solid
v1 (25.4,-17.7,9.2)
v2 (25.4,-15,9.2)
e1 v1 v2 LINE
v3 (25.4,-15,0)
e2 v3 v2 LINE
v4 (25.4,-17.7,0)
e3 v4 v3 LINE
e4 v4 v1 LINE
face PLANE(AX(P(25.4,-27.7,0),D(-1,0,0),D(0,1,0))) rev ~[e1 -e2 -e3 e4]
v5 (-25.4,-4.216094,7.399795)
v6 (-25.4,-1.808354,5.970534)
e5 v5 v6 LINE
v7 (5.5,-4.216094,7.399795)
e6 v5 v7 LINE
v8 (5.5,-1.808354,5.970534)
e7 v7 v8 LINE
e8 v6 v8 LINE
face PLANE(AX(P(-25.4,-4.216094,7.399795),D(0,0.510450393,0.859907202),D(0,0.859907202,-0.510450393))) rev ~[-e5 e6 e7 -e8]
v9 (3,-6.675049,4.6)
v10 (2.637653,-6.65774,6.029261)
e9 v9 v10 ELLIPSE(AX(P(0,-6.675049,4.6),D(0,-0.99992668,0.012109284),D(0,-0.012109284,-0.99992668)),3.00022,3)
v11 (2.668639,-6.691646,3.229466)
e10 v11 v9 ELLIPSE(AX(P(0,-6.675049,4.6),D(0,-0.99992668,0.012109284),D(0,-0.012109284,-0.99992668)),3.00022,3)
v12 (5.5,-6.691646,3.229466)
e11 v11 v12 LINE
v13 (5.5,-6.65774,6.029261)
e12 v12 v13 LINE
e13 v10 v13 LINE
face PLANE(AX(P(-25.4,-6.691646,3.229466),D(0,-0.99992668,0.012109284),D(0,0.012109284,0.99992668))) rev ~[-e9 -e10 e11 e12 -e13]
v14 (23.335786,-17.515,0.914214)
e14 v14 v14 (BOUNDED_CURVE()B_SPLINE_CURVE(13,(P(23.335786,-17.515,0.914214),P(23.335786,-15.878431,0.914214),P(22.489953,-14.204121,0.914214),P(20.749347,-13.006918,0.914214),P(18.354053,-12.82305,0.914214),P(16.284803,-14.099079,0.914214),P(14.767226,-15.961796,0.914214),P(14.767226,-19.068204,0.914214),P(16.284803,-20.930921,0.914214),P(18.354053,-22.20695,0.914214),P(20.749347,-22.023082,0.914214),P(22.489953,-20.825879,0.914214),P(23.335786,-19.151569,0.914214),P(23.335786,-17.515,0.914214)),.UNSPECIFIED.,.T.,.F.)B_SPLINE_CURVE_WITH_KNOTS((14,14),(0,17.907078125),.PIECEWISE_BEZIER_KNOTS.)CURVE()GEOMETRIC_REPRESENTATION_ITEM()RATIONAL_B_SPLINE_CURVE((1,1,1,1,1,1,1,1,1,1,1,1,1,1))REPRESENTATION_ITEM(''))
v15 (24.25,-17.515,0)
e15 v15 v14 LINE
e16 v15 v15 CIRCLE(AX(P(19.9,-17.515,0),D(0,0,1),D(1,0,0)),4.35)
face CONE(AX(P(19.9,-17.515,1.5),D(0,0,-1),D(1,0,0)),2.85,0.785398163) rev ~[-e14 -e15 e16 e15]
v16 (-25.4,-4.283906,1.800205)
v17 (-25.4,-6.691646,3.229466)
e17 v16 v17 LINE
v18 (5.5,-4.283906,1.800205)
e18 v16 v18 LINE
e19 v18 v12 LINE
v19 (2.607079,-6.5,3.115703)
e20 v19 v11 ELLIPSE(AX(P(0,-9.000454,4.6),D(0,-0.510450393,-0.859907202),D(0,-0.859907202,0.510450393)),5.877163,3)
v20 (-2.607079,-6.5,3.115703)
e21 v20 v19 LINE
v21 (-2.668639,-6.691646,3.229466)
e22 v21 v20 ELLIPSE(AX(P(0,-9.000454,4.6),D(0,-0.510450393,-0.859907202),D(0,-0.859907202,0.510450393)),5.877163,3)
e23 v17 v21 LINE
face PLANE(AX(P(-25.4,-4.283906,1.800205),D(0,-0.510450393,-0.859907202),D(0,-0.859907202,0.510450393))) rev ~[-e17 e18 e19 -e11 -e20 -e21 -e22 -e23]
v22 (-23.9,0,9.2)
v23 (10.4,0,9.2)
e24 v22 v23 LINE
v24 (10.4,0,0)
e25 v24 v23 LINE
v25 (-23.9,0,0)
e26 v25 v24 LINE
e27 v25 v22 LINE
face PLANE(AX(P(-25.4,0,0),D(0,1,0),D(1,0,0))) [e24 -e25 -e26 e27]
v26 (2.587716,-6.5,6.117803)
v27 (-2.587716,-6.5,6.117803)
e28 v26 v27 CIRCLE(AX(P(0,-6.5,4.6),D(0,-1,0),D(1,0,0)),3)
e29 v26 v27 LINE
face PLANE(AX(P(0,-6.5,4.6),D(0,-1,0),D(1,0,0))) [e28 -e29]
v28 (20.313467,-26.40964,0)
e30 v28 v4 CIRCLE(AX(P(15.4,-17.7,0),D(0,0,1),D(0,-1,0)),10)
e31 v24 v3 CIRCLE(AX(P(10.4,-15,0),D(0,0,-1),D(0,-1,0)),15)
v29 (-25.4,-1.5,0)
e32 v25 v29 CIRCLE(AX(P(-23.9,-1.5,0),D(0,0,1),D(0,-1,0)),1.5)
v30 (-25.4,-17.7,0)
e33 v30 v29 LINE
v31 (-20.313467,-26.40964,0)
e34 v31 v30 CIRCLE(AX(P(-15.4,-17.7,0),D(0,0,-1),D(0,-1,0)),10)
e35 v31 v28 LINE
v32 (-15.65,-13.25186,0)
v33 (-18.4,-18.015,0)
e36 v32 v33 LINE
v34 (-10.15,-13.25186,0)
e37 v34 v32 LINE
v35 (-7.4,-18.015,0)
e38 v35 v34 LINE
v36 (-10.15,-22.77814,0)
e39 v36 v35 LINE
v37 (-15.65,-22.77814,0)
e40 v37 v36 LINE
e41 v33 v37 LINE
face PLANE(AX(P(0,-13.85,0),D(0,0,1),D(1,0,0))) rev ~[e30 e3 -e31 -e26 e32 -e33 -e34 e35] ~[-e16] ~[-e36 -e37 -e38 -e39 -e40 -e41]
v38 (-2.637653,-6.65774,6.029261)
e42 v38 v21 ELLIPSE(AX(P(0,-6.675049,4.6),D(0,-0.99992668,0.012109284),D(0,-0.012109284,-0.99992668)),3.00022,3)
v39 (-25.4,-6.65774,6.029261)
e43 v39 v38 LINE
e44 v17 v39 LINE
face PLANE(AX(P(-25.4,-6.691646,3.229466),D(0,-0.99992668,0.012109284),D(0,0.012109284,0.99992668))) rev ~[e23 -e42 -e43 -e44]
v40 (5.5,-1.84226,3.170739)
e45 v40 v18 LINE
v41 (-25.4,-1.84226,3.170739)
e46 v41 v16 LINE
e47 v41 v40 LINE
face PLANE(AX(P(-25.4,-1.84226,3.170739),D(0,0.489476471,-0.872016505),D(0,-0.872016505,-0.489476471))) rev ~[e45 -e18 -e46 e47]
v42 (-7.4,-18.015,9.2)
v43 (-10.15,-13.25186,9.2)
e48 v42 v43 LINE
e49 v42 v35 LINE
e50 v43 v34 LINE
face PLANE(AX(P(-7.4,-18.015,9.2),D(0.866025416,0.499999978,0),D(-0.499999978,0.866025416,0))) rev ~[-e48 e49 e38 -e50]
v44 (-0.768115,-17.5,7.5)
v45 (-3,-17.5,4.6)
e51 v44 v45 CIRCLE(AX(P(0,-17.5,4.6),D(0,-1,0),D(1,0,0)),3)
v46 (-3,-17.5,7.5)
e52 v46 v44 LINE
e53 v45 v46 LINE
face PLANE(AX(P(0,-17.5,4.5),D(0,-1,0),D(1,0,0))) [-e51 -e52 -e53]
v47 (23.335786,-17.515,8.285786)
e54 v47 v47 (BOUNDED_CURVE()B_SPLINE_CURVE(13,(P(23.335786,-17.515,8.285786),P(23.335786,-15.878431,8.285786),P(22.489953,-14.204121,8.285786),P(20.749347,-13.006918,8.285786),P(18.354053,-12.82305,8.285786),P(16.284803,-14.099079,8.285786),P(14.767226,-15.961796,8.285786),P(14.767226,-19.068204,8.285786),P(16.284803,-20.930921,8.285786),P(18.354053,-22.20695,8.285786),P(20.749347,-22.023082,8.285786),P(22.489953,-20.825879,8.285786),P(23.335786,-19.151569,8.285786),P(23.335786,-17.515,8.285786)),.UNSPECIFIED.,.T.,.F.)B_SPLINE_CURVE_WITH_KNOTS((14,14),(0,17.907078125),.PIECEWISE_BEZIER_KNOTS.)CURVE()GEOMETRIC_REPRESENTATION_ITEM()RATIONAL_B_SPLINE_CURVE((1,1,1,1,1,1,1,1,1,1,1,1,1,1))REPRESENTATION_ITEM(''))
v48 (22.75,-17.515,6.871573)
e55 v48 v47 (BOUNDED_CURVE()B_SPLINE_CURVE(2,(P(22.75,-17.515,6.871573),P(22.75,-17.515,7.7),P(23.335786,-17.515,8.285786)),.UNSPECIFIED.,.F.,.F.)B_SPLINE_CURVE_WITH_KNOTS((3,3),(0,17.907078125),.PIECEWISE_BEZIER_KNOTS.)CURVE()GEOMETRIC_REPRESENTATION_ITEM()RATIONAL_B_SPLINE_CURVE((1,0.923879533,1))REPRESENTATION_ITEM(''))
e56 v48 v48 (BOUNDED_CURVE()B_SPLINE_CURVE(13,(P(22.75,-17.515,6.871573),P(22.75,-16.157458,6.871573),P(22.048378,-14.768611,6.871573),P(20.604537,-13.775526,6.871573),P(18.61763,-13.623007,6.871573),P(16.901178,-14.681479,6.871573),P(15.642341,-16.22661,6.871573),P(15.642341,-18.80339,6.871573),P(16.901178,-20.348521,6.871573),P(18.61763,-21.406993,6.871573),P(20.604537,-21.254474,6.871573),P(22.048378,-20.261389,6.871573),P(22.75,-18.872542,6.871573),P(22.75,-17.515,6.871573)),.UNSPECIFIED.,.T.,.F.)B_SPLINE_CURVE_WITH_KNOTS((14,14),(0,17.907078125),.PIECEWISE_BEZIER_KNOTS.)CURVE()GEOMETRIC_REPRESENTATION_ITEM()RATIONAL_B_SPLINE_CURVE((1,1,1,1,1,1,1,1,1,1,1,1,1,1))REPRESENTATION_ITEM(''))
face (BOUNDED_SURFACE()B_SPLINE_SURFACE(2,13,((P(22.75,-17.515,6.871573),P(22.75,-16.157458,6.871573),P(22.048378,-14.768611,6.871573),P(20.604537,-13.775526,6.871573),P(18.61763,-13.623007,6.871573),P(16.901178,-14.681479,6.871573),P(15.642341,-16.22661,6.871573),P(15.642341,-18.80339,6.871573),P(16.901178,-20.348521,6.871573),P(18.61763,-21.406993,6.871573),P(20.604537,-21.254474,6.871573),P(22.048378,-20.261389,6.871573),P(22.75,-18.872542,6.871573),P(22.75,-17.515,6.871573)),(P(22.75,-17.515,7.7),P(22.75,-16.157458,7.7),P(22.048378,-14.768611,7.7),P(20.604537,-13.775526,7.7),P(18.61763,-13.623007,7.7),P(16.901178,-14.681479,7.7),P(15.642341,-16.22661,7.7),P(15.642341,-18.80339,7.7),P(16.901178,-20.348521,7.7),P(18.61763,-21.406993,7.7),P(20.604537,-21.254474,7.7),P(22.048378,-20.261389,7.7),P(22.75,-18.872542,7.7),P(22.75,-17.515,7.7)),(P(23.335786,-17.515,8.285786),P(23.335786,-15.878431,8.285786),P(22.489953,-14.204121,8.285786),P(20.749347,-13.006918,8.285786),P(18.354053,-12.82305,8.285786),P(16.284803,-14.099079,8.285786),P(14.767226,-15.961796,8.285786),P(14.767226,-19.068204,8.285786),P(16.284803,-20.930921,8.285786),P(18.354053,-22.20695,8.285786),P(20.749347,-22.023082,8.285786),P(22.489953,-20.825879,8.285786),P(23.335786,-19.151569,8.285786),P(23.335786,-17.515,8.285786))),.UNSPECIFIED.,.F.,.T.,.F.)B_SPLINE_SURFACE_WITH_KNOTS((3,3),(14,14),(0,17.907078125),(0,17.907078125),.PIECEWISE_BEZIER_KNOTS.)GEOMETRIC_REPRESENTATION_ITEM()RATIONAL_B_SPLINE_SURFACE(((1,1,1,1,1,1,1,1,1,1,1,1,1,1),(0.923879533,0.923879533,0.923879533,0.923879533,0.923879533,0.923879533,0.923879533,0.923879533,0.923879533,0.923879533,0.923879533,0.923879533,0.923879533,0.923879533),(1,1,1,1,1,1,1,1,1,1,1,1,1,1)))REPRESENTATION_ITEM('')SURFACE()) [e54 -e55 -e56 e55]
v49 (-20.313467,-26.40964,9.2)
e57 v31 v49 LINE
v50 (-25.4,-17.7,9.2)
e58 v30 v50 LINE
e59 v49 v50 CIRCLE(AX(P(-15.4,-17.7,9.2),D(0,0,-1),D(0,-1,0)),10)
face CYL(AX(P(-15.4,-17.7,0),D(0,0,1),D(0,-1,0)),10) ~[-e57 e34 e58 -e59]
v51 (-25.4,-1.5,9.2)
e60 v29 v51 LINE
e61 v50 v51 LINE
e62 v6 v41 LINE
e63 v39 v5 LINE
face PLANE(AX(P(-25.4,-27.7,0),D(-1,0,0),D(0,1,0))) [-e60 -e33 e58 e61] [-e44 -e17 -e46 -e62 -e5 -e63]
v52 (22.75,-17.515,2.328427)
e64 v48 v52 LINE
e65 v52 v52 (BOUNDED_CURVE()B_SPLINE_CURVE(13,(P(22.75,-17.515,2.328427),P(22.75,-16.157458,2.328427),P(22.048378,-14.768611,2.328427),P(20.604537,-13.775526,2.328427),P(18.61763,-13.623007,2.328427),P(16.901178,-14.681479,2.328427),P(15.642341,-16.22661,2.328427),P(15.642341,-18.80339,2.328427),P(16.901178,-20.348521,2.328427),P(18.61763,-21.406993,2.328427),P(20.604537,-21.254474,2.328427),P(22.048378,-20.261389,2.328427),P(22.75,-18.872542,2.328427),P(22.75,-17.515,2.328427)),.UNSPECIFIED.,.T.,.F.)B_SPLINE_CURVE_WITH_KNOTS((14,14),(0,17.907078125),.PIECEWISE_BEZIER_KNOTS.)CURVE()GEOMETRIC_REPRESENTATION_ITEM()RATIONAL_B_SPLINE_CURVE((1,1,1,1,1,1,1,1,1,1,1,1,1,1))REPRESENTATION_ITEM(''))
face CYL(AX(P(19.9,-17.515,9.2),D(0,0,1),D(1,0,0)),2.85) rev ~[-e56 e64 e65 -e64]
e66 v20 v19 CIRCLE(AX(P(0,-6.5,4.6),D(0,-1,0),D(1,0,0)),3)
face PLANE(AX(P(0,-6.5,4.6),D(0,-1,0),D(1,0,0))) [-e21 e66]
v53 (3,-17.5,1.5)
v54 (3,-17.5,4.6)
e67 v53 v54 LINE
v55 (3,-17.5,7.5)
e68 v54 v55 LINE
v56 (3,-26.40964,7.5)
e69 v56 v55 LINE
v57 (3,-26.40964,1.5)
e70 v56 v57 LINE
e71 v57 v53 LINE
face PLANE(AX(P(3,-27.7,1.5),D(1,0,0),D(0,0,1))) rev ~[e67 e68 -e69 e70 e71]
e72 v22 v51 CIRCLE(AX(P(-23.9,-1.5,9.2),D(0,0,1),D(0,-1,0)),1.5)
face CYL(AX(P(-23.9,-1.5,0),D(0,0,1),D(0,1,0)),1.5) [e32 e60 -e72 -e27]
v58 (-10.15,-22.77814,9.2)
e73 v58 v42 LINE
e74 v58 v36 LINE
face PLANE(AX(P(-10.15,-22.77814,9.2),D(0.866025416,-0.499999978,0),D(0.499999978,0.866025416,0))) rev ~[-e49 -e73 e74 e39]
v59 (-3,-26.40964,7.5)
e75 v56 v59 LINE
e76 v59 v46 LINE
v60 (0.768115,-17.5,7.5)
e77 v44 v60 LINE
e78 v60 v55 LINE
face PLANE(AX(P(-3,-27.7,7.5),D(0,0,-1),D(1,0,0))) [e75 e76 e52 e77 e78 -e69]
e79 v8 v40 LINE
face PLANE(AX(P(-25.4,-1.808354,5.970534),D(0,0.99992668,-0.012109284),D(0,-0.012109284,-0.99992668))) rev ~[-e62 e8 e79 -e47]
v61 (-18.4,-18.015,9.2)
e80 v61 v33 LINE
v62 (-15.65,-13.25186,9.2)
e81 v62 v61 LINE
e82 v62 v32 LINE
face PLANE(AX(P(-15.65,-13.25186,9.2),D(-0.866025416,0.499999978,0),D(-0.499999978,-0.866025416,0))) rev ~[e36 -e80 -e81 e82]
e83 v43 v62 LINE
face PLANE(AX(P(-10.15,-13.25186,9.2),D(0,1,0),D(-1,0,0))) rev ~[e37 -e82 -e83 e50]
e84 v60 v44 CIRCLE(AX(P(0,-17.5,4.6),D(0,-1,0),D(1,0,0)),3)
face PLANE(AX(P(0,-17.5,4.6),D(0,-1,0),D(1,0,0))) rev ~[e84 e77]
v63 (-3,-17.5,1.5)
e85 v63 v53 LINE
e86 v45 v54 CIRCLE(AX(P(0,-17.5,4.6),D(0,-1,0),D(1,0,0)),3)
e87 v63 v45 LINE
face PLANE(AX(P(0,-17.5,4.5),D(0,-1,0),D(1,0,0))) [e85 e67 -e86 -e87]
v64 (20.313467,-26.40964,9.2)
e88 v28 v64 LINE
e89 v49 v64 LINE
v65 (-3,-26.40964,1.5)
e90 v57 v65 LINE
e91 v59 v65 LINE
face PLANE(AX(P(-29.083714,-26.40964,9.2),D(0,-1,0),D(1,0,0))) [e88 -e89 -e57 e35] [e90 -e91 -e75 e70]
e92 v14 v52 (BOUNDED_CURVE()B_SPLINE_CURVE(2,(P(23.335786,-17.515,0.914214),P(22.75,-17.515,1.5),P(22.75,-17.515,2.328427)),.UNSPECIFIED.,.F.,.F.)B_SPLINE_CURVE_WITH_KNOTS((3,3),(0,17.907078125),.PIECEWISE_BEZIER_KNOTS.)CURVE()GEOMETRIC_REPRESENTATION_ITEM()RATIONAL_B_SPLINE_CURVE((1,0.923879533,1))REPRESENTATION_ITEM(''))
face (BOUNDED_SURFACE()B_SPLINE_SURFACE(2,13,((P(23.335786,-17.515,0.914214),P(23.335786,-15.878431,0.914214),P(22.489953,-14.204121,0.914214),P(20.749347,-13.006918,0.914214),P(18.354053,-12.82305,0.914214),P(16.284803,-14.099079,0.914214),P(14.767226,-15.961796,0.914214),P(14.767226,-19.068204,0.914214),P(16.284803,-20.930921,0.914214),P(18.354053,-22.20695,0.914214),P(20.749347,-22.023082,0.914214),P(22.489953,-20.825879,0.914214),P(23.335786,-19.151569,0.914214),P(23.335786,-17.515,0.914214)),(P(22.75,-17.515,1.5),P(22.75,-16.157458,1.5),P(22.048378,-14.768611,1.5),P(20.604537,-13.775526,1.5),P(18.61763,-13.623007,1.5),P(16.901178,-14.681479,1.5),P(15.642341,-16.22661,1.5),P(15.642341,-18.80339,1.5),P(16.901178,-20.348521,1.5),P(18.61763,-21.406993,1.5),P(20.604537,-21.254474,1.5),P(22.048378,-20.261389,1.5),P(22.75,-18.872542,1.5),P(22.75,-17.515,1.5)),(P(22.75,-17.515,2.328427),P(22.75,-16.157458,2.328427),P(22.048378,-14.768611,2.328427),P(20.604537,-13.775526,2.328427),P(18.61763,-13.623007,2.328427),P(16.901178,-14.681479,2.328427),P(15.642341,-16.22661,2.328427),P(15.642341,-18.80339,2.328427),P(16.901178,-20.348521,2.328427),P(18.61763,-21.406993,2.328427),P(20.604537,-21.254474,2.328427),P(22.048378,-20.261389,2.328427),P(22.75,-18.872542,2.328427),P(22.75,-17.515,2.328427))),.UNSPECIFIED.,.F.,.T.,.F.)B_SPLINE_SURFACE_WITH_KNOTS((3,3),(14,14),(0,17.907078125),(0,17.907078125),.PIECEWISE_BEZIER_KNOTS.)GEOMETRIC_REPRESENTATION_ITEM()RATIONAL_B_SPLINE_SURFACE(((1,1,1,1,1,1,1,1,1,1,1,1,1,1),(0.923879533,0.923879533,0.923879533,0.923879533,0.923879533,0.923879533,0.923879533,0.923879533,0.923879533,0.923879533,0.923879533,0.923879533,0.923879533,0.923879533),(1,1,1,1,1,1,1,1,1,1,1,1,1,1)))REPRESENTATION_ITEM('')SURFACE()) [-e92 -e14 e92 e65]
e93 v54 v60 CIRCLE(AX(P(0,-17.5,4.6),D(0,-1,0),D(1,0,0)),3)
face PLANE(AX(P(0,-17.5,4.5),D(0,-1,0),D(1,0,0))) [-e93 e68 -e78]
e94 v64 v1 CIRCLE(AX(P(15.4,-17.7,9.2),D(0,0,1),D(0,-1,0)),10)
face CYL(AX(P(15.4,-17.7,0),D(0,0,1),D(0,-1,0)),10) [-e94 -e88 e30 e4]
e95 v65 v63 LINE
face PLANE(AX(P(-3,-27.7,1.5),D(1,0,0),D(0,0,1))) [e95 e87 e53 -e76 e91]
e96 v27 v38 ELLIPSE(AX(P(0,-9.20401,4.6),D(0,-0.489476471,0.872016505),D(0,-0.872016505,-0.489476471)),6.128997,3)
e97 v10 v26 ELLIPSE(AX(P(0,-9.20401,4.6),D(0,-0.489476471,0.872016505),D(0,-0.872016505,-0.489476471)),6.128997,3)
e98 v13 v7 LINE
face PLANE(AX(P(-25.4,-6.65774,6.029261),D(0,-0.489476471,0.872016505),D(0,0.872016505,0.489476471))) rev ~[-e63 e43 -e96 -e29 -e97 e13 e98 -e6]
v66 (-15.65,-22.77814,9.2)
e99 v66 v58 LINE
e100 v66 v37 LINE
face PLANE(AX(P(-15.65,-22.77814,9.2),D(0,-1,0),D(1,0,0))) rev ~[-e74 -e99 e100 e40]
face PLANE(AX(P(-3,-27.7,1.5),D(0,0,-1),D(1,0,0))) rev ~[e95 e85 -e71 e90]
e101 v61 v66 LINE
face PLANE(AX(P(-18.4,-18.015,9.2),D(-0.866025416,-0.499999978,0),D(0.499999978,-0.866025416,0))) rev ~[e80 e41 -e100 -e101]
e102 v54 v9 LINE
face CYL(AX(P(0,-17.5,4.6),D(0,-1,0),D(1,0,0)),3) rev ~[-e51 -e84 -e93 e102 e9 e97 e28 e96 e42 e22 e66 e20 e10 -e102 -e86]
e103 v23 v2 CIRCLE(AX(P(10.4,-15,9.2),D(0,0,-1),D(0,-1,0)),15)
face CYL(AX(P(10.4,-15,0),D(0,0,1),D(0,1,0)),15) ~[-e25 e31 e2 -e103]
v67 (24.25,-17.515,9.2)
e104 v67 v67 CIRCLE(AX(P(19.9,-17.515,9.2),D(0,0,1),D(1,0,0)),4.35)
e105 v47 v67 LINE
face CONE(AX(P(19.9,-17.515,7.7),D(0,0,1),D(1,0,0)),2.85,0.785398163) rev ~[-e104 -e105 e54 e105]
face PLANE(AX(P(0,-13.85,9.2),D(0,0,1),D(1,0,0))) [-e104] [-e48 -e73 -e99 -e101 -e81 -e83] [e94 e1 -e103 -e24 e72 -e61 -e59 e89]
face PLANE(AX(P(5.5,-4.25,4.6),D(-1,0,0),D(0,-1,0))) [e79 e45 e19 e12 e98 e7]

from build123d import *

# Parameters (mm, degrees)
SKETCH090_W     = 50.8
SKETCH090_H     = 27.7
PAD023_DEPTH    = 9.2
SKETCH091_W     = 6
SKETCH091_H     = 6
POCKET075_DEPTH = 10.2
SKETCH092_R     = 3
POCKET076_DEPTH = 11
POCKET077_DEPTH = 30.9
SKETCH094_R     = 2.85
POCKET078_DEPTH = 9.201
POCKET079_DEPTH = 9.201
SKETCH096_W     = 6.5
SKETCH096_H     = 6.5
PAD024_DEPTH    = 1.75
SKETCH097_W     = 5.2
SKETCH097_H     = 5.2
POCKET080_DEPTH = 1.75
FILLET004_R     = 10
FILLET005_R     = 15
FILLET006_R     = 1.5
SKETCH098_W     = 54.781057
SKETCH098_H     = 5.471817
POCKET081_DEPTH = 9.201
CHAMFER014_SIZE = 1.5
FILLET007_R     = 2


with BuildPart() as part:
    # Sketch090 → Pad023 (new body)
    with BuildSketch(Plane.XY):
        with Locations((0, -13.85)):
            Rectangle(SKETCH090_W, SKETCH090_H)
    extrude(amount=PAD023_DEPTH)

    # Sketch091 (on Face2 of Pad023) → Pocket075 (cut)
    with BuildSketch(Plane.XZ.offset(27.7)):
        with Locations((0, 4.5)):
            Rectangle(SKETCH091_W, SKETCH091_H)
    extrude(amount=-POCKET075_DEPTH, mode=Mode.SUBTRACT)

    # Sketch092 (on Face11 of Pocket075) → Pocket076 (cut)
    with BuildSketch(Plane.XZ.offset(17.5)):
        with Locations((0, 4.6)):
            Circle(SKETCH092_R)
    extrude(amount=-POCKET076_DEPTH, mode=Mode.SUBTRACT)

    # Sketch093 (on Face1 of Pocket076) → Pocket077 (cut)
    with BuildSketch(Plane(origin=(-25.4, 0, 0), x_dir=(0, -1, 0), z_dir=(-1, 0, 0))):
        Polygon((6.65774, 6.029261), (4.216094, 7.399795), (1.808354, 5.970534), (1.84226, 3.170739), (4.283906, 1.800205), (6.691646, 3.229466), align=None)
    extrude(amount=-POCKET077_DEPTH, mode=Mode.SUBTRACT)

    # Sketch094 (on Face4 of Pocket077) → Pocket078 (cut, through all)
    with BuildSketch(Plane.XY.offset(9.2)):
        with Locations((19.9, -17.515)):
            Circle(SKETCH094_R)
    extrude(amount=-POCKET078_DEPTH, mode=Mode.SUBTRACT)

    # Sketch095 (on Face4 of Pocket078) → Pocket079 (cut, through all)
    with BuildSketch(Plane.XY.offset(9.2)):
        Polygon((-7.4, -18.015), (-10.15, -13.25186), (-15.65, -13.25186), (-18.4, -18.015), (-15.65, -22.77814), (-10.15, -22.77814), align=None)
    extrude(amount=-POCKET079_DEPTH, mode=Mode.SUBTRACT)

    # Sketch096 (on Face5 of Pocket079) → Pad024 (join)
    with BuildSketch(Plane.XZ.offset(27.7)):
        with Locations((0, 4.6)):
            Rectangle(SKETCH096_W, SKETCH096_H)
    extrude(amount=PAD024_DEPTH)

    # Sketch097 (on Face29 of Pad024) → Pocket080 (cut)
    with BuildSketch(Plane.XZ.offset(29.45)):
        with Locations((0, 4.6)):
            Rectangle(SKETCH097_W, SKETCH097_H)
    extrude(amount=-POCKET080_DEPTH, mode=Mode.SUBTRACT)

    # Fillet004
    fillet004_edges = [part.edges().sort_by_distance(p)[0] for p in [
        (-25.4, -27.7, 4.6),
        (25.4, -27.7, 4.6),
    ]]
    fillet(fillet004_edges, radius=FILLET004_R)

    # Fillet005
    fillet005_edges = [part.edges().sort_by_distance(p)[0] for p in [
        (25.4, 0, 4.6),
    ]]
    fillet(fillet005_edges, radius=FILLET005_R)

    # Fillet006
    fillet006_edges = [part.edges().sort_by_distance(p)[0] for p in [
        (-25.4, 0, 4.6),
    ]]
    fillet(fillet006_edges, radius=FILLET006_R)

    # Sketch098 (on Face17 of Fillet006) → Pocket081 (cut, through all)
    with BuildSketch(Plane.XY.offset(9.2)):
        with Locations((-1.693186, -29.145549)):
            Rectangle(SKETCH098_W, SKETCH098_H)
    extrude(amount=-POCKET081_DEPTH, mode=Mode.SUBTRACT)

    # Chamfer014
    chamfer014_edges = [part.edges().sort_by_distance(p)[0] for p in [
        (17.05, -17.515, 9.2),
        (17.05, -17.515, 0),
    ]]
    chamfer(chamfer014_edges, length=CHAMFER014_SIZE)

    # Fillet007
    fillet007_edges = [part.edges().sort_by_distance(p)[0] for p in [
        (17.05, -17.515, 7.7),
        (17.05, -17.515, 1.5),
    ]]
    fillet(fillet007_edges, radius=FILLET007_R)


solid = part.part
